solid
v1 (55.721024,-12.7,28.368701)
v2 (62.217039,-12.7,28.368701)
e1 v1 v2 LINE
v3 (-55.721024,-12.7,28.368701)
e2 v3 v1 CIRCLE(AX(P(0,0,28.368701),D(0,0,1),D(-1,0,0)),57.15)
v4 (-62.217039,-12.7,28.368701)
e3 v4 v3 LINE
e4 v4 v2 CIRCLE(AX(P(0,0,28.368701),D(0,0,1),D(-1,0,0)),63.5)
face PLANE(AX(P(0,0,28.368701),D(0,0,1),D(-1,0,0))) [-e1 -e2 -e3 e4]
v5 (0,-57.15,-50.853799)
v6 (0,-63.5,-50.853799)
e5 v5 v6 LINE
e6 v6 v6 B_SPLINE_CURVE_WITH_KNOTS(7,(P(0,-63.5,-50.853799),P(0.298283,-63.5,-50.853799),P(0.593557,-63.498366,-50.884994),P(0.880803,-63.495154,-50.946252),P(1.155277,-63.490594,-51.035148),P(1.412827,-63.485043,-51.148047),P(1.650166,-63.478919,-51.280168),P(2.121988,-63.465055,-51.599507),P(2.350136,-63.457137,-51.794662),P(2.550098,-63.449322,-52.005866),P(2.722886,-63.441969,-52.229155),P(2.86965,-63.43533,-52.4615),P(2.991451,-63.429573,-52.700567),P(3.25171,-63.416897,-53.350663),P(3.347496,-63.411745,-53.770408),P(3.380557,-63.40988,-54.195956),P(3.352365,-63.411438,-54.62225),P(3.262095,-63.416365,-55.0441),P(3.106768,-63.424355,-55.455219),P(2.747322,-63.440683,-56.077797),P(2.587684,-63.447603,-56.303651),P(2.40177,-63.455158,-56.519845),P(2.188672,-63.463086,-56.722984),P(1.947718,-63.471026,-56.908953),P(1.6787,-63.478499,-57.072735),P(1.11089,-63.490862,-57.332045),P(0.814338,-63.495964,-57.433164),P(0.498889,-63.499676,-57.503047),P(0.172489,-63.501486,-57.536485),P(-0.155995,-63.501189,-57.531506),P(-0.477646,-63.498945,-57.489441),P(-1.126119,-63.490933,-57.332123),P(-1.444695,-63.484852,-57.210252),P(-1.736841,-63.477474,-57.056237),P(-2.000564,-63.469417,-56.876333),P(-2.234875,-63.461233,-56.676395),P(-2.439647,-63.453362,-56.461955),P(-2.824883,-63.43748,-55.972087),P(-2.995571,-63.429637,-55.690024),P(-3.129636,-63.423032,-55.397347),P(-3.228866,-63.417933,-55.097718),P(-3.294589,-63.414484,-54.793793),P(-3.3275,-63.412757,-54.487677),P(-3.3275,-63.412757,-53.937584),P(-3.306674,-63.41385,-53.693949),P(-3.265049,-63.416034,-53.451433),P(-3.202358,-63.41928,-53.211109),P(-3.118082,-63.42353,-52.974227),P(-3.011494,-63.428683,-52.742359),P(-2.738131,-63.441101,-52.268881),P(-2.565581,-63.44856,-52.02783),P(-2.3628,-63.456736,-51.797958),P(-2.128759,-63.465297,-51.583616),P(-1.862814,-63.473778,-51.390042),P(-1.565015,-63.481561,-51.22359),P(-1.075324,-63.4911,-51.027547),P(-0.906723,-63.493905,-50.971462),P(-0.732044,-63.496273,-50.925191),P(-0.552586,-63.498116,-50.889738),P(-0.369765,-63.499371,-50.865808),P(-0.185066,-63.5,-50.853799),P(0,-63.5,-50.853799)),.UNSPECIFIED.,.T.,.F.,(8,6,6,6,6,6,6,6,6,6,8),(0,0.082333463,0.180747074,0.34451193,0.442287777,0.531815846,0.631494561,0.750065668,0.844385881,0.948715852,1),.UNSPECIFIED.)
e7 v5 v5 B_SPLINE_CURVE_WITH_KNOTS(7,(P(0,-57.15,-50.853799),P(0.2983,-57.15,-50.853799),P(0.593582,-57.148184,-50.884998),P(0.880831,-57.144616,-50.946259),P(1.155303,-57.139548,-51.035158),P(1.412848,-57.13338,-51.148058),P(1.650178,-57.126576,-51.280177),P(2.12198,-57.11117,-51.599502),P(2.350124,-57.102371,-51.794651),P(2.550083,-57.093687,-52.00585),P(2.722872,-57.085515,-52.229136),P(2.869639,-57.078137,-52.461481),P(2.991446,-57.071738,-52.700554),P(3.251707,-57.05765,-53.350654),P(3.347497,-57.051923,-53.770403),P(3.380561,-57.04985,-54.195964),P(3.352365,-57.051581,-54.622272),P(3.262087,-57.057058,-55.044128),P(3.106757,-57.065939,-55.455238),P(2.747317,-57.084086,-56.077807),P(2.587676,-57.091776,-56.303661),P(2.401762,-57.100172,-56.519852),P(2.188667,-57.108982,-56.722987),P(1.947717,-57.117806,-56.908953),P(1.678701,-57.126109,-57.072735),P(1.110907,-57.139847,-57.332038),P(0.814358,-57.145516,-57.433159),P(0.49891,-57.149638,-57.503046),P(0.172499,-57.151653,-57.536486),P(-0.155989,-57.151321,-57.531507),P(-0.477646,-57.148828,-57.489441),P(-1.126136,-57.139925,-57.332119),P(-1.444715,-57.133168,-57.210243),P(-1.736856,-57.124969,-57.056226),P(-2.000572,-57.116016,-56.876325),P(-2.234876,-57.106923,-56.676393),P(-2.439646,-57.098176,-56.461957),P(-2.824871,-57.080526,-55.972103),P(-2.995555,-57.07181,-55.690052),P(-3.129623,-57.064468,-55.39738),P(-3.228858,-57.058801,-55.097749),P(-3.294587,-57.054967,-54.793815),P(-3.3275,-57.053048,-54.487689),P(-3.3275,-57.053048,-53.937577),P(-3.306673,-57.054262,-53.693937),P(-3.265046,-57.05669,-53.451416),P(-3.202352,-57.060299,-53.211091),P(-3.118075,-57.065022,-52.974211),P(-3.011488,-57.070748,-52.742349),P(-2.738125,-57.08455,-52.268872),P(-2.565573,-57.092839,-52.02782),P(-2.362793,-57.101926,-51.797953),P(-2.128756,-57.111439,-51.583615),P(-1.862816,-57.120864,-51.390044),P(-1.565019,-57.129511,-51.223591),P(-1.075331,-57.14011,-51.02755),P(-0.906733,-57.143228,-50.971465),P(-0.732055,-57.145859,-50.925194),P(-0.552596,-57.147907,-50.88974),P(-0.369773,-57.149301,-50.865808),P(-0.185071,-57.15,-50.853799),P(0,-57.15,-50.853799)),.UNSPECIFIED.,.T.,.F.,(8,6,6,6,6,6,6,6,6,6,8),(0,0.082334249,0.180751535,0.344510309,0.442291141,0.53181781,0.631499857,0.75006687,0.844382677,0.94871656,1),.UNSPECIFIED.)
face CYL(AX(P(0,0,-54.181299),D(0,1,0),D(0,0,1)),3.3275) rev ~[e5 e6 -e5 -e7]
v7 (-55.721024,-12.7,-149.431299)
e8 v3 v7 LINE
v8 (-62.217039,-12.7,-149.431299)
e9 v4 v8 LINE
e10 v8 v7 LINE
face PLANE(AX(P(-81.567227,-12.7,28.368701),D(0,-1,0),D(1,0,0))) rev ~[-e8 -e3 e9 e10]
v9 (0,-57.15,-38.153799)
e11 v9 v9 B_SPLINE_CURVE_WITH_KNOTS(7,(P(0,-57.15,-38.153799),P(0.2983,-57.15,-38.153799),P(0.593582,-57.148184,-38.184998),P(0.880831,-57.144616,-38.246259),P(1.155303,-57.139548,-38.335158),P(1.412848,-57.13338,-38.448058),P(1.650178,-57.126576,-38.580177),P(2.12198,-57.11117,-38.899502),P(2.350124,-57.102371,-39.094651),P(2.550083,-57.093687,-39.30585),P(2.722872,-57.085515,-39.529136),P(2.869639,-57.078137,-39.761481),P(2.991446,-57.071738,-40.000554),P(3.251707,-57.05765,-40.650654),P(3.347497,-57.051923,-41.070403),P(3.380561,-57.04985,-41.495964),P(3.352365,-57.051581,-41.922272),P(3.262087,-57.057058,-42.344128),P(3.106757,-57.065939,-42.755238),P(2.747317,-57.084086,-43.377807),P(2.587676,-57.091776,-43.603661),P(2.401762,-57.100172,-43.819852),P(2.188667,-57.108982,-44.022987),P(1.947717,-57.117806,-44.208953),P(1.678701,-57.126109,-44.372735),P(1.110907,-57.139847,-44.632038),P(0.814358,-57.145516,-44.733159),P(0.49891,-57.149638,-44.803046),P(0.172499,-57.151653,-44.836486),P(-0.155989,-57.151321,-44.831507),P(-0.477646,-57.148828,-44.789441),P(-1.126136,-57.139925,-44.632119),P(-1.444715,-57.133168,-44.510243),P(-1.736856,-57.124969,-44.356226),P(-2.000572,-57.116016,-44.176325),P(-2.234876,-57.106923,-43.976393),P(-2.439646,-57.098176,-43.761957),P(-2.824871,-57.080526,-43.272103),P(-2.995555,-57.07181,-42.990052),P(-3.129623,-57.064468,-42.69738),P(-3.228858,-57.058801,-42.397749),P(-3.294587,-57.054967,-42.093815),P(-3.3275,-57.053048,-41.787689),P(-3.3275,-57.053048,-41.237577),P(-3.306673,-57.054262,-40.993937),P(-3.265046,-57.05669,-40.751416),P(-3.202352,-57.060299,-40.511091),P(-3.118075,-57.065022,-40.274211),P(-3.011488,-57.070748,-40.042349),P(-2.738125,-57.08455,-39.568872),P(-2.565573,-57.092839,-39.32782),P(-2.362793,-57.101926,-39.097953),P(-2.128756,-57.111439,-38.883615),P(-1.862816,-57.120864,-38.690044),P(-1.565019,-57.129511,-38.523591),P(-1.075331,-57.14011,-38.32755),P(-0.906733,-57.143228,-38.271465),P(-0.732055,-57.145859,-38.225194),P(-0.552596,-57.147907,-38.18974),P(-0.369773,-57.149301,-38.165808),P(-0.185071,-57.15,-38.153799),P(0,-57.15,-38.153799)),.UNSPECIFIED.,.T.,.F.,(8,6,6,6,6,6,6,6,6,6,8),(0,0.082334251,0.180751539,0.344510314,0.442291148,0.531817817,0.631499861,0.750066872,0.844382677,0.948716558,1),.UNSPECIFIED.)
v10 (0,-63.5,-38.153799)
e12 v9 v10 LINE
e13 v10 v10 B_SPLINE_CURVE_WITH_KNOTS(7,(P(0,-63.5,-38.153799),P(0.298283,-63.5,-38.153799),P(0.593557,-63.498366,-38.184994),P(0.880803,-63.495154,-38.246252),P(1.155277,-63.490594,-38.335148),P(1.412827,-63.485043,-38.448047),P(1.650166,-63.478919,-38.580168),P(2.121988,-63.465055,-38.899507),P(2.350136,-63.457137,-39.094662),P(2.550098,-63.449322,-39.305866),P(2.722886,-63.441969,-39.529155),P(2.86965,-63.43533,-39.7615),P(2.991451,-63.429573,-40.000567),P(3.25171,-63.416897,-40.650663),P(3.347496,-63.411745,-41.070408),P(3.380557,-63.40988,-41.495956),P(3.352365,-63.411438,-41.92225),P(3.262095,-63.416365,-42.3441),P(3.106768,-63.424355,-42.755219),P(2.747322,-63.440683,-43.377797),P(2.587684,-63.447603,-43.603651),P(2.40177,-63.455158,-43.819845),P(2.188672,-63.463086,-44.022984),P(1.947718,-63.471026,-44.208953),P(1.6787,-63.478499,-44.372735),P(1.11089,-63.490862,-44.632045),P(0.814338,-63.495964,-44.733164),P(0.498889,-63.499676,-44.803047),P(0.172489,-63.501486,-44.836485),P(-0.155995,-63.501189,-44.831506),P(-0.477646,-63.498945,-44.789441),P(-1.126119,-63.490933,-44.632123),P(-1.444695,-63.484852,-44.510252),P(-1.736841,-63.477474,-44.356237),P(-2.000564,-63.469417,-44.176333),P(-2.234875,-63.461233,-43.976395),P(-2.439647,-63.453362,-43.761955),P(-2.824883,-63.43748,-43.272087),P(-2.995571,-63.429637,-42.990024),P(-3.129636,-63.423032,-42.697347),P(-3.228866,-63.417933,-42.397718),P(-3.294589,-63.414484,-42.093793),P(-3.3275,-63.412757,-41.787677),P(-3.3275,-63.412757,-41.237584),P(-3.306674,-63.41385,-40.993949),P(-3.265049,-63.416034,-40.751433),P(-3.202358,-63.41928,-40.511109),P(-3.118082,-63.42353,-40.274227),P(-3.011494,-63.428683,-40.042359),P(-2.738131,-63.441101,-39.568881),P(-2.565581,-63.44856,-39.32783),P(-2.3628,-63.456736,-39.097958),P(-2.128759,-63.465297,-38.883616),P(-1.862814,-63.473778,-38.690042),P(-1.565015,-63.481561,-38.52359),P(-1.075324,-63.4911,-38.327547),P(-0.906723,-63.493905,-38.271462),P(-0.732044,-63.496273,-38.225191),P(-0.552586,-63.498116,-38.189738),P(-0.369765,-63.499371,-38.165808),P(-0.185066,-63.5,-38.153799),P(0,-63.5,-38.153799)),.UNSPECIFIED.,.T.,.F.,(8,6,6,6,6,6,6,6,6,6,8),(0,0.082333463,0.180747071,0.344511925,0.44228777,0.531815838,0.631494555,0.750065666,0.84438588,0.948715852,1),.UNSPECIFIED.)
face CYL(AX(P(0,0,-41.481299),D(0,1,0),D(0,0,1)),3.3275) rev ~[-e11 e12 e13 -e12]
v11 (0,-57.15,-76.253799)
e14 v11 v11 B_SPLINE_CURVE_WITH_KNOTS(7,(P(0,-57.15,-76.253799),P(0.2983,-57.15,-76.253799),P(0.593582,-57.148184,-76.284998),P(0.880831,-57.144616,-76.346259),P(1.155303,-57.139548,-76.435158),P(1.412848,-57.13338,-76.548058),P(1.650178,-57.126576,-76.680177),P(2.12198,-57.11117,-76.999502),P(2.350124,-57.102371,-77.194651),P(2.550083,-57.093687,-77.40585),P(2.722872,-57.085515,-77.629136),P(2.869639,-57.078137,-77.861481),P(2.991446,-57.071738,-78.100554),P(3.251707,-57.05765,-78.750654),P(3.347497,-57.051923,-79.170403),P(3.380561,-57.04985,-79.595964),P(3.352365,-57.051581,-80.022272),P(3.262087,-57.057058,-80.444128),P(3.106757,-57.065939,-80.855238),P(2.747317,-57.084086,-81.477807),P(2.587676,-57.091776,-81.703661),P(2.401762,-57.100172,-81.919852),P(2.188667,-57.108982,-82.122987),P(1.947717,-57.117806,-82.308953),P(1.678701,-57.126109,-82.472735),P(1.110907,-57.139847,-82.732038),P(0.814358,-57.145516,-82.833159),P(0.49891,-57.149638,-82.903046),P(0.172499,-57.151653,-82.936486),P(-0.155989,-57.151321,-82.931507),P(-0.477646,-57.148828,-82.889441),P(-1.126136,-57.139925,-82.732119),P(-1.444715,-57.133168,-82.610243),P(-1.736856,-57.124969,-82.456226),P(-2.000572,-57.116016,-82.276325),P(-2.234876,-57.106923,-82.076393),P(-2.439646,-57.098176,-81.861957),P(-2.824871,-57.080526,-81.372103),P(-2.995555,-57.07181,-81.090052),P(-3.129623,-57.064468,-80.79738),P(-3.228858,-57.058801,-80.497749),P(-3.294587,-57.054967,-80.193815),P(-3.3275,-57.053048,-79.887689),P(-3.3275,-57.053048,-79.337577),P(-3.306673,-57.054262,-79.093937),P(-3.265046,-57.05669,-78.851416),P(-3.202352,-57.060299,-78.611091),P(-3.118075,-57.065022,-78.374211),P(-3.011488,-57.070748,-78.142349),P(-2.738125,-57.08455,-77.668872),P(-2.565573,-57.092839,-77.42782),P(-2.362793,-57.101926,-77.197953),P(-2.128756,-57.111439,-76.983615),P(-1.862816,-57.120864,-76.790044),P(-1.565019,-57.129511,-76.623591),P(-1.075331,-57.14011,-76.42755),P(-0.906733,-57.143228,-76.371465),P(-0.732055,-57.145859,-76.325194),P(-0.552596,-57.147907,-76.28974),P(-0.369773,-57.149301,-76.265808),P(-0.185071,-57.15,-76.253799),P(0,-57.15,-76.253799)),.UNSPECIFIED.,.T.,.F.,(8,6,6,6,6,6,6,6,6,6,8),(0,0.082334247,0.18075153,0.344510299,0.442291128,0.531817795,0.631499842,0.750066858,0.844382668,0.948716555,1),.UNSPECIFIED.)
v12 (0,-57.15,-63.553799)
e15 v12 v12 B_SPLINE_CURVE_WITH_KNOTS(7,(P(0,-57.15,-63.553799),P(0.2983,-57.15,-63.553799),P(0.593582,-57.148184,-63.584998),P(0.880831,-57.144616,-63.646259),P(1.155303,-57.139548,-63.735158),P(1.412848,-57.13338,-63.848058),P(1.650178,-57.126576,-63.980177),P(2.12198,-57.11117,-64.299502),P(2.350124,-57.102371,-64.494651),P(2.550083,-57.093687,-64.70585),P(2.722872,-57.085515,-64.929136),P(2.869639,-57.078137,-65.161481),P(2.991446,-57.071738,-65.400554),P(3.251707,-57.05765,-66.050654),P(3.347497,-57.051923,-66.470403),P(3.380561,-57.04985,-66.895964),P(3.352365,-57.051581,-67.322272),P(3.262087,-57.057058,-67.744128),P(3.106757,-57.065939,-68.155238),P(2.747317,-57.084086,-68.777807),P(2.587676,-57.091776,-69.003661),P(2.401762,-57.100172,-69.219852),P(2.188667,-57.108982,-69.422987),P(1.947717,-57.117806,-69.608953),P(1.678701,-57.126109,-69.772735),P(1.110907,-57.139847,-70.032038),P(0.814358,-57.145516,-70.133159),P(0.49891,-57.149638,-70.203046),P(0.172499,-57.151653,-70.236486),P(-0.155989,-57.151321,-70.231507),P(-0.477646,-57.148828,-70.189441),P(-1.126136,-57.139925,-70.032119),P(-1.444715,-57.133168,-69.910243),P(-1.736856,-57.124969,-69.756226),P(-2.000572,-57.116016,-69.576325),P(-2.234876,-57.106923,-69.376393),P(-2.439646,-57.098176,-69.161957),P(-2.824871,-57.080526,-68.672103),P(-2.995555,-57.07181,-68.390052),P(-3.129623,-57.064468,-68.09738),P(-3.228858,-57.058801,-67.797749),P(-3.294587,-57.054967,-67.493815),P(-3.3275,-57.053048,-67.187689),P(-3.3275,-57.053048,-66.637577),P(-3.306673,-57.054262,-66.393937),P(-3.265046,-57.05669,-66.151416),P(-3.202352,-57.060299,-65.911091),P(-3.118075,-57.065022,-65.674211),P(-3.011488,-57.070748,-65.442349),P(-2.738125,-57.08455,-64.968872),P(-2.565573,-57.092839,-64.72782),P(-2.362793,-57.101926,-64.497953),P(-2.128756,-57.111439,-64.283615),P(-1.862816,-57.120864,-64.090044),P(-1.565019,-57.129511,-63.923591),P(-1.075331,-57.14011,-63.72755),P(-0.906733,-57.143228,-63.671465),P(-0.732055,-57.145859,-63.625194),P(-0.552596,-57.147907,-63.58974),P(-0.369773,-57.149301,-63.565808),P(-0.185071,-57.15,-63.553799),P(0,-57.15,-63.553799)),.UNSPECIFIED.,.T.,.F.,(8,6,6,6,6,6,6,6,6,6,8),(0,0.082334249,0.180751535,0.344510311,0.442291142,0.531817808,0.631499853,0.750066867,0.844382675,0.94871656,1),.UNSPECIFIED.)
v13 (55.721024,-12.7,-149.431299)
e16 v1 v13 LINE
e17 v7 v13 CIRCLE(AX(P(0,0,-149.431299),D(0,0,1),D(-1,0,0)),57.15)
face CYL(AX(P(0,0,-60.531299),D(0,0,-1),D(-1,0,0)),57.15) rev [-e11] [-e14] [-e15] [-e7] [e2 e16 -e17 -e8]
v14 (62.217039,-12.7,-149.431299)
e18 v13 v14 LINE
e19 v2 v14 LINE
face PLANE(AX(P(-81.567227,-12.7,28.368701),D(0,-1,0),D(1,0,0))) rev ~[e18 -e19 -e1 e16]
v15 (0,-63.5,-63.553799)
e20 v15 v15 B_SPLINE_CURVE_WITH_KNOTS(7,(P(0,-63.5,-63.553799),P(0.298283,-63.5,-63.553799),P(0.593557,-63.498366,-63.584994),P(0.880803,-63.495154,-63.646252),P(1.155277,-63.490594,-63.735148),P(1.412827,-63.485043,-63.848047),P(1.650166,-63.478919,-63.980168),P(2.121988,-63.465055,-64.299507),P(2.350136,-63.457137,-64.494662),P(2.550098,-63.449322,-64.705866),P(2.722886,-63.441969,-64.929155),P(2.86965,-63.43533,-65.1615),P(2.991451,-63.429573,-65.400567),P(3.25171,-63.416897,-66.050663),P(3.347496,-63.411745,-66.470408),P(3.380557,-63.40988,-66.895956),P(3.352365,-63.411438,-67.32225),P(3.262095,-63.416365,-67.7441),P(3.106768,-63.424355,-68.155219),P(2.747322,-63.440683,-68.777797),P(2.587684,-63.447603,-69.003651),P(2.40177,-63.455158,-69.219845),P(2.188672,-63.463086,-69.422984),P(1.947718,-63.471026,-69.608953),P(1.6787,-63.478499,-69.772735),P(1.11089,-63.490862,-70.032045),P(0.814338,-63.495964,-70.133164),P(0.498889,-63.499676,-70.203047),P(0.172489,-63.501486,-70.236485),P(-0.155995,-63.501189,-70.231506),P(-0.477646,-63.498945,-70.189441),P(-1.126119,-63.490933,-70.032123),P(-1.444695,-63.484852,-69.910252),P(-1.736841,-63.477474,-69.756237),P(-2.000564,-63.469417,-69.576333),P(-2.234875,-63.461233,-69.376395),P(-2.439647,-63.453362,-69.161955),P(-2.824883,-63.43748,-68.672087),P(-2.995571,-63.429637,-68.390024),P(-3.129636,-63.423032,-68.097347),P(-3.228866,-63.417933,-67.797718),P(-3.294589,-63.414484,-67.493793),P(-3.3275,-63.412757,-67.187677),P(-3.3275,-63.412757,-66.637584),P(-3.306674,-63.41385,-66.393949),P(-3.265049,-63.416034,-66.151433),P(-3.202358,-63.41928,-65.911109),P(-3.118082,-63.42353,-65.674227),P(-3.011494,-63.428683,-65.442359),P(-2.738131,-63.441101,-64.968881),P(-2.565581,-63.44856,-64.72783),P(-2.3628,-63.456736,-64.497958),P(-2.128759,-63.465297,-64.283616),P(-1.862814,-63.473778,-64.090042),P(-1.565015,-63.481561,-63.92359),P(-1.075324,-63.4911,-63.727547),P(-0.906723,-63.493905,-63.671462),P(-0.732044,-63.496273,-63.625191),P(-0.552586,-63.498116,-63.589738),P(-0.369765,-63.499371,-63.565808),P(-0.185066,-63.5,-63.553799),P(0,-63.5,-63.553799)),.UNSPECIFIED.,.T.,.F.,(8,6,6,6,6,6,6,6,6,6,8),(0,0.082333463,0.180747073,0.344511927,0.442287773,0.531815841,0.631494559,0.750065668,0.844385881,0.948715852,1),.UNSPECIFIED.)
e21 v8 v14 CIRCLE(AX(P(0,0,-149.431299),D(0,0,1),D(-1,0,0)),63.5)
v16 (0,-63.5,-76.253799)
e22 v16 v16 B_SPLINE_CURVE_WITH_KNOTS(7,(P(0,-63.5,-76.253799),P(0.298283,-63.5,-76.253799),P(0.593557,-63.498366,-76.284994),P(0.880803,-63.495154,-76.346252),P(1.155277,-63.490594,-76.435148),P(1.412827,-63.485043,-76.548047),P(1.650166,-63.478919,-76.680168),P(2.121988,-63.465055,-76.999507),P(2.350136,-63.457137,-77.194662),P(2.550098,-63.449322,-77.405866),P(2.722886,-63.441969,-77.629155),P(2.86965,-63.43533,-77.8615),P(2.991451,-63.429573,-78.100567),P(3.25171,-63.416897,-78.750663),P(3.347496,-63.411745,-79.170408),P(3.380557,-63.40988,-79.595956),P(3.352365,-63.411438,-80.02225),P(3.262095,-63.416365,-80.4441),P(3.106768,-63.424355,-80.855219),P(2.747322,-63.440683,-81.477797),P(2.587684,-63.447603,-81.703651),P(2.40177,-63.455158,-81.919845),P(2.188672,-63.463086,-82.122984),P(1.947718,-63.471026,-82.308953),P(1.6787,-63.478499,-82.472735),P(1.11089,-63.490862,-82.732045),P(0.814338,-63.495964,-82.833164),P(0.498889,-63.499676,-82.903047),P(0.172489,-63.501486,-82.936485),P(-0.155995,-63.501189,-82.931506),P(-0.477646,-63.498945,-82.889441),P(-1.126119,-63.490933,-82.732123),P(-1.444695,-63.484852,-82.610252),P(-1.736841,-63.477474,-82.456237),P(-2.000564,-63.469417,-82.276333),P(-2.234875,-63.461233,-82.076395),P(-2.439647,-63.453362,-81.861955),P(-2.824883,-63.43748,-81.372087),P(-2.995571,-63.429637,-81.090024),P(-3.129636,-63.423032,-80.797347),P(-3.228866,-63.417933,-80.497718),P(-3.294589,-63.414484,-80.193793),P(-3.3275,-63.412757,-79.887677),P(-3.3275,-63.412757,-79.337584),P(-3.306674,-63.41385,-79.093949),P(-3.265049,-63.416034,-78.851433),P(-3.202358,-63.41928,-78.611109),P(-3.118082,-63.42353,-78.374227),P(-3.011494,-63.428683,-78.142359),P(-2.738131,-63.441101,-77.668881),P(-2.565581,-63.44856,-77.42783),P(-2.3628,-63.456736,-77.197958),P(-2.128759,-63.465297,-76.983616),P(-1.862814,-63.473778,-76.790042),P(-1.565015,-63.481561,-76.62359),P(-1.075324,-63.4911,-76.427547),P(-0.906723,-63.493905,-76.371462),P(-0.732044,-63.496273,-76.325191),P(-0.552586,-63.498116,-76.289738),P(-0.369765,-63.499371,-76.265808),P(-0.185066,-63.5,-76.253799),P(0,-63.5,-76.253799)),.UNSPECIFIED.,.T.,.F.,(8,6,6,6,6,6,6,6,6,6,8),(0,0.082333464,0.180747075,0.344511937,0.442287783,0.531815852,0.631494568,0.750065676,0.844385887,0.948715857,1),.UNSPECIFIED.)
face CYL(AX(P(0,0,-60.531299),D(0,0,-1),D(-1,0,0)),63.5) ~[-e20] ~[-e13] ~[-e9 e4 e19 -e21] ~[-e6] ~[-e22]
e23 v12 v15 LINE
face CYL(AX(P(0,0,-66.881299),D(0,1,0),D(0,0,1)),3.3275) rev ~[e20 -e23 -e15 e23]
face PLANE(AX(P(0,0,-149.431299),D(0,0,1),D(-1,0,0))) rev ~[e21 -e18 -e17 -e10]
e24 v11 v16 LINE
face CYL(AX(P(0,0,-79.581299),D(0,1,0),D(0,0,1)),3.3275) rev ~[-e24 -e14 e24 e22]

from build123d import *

# Parameters (mm, degrees)
SKETCH2_W          = 177.8
SKETCH2_H          = 6.35
REVOLVE1_ANGLE     = 180
SKETCH3_R          = 3.327499949
CUT_EXTRUDE1_DEPTH = 175.339362144
CUT_EXTRUDE2_DEPTH = 200.191716848


with BuildPart() as part:
    # Sketch2 → Revolve1 (revolve)
    with BuildSketch(Plane(origin=(0, 0, 0), x_dir=(0, 0, -1), z_dir=(0, -1, 0))):
        with Locations((60.53129924, -60.325)):
            Rectangle(SKETCH2_W, SKETCH2_H)
    revolve(axis=Axis((0, 0, 0), (0, 0, 1)), revolution_arc=REVOLVE1_ANGLE)

    # Sketch3 → Cut-Extrude1 (cut, through all)
    with BuildSketch(Plane(origin=(0, 0, 0), x_dir=(1, 0, 0), z_dir=(0, 1, 0))):
        with Locations(Location((0, 66.88129924, 0), (0, 0, 270))):
            Circle(SKETCH3_R)
        with Locations(Location((0, 54.18129924, 0), (0, 0, 270))):
            Circle(SKETCH3_R)
        with Locations(Location((0, 79.58129924, 0), (0, 0, 270))):
            Circle(SKETCH3_R)
        with Locations(Location((0, 41.48129924, 0), (0, 0, 270))):
            Circle(SKETCH3_R)
    extrude(amount=-CUT_EXTRUDE1_DEPTH, mode=Mode.SUBTRACT)

    # Sketch4 → Cut-Extrude2 (cut, through all)
    with BuildSketch(Plane.XY.offset(28.36870076)):
        with BuildLine():
            Line((-81.567226875, -12.7), (81.567226875, -12.7))
            ThreePointArc((81.567226875, -12.7), (0, 82.55), (-81.567226875, -12.7))
        make_face()
    extrude(amount=-CUT_EXTRUDE2_DEPTH, mode=Mode.SUBTRACT)


solid = part.part
